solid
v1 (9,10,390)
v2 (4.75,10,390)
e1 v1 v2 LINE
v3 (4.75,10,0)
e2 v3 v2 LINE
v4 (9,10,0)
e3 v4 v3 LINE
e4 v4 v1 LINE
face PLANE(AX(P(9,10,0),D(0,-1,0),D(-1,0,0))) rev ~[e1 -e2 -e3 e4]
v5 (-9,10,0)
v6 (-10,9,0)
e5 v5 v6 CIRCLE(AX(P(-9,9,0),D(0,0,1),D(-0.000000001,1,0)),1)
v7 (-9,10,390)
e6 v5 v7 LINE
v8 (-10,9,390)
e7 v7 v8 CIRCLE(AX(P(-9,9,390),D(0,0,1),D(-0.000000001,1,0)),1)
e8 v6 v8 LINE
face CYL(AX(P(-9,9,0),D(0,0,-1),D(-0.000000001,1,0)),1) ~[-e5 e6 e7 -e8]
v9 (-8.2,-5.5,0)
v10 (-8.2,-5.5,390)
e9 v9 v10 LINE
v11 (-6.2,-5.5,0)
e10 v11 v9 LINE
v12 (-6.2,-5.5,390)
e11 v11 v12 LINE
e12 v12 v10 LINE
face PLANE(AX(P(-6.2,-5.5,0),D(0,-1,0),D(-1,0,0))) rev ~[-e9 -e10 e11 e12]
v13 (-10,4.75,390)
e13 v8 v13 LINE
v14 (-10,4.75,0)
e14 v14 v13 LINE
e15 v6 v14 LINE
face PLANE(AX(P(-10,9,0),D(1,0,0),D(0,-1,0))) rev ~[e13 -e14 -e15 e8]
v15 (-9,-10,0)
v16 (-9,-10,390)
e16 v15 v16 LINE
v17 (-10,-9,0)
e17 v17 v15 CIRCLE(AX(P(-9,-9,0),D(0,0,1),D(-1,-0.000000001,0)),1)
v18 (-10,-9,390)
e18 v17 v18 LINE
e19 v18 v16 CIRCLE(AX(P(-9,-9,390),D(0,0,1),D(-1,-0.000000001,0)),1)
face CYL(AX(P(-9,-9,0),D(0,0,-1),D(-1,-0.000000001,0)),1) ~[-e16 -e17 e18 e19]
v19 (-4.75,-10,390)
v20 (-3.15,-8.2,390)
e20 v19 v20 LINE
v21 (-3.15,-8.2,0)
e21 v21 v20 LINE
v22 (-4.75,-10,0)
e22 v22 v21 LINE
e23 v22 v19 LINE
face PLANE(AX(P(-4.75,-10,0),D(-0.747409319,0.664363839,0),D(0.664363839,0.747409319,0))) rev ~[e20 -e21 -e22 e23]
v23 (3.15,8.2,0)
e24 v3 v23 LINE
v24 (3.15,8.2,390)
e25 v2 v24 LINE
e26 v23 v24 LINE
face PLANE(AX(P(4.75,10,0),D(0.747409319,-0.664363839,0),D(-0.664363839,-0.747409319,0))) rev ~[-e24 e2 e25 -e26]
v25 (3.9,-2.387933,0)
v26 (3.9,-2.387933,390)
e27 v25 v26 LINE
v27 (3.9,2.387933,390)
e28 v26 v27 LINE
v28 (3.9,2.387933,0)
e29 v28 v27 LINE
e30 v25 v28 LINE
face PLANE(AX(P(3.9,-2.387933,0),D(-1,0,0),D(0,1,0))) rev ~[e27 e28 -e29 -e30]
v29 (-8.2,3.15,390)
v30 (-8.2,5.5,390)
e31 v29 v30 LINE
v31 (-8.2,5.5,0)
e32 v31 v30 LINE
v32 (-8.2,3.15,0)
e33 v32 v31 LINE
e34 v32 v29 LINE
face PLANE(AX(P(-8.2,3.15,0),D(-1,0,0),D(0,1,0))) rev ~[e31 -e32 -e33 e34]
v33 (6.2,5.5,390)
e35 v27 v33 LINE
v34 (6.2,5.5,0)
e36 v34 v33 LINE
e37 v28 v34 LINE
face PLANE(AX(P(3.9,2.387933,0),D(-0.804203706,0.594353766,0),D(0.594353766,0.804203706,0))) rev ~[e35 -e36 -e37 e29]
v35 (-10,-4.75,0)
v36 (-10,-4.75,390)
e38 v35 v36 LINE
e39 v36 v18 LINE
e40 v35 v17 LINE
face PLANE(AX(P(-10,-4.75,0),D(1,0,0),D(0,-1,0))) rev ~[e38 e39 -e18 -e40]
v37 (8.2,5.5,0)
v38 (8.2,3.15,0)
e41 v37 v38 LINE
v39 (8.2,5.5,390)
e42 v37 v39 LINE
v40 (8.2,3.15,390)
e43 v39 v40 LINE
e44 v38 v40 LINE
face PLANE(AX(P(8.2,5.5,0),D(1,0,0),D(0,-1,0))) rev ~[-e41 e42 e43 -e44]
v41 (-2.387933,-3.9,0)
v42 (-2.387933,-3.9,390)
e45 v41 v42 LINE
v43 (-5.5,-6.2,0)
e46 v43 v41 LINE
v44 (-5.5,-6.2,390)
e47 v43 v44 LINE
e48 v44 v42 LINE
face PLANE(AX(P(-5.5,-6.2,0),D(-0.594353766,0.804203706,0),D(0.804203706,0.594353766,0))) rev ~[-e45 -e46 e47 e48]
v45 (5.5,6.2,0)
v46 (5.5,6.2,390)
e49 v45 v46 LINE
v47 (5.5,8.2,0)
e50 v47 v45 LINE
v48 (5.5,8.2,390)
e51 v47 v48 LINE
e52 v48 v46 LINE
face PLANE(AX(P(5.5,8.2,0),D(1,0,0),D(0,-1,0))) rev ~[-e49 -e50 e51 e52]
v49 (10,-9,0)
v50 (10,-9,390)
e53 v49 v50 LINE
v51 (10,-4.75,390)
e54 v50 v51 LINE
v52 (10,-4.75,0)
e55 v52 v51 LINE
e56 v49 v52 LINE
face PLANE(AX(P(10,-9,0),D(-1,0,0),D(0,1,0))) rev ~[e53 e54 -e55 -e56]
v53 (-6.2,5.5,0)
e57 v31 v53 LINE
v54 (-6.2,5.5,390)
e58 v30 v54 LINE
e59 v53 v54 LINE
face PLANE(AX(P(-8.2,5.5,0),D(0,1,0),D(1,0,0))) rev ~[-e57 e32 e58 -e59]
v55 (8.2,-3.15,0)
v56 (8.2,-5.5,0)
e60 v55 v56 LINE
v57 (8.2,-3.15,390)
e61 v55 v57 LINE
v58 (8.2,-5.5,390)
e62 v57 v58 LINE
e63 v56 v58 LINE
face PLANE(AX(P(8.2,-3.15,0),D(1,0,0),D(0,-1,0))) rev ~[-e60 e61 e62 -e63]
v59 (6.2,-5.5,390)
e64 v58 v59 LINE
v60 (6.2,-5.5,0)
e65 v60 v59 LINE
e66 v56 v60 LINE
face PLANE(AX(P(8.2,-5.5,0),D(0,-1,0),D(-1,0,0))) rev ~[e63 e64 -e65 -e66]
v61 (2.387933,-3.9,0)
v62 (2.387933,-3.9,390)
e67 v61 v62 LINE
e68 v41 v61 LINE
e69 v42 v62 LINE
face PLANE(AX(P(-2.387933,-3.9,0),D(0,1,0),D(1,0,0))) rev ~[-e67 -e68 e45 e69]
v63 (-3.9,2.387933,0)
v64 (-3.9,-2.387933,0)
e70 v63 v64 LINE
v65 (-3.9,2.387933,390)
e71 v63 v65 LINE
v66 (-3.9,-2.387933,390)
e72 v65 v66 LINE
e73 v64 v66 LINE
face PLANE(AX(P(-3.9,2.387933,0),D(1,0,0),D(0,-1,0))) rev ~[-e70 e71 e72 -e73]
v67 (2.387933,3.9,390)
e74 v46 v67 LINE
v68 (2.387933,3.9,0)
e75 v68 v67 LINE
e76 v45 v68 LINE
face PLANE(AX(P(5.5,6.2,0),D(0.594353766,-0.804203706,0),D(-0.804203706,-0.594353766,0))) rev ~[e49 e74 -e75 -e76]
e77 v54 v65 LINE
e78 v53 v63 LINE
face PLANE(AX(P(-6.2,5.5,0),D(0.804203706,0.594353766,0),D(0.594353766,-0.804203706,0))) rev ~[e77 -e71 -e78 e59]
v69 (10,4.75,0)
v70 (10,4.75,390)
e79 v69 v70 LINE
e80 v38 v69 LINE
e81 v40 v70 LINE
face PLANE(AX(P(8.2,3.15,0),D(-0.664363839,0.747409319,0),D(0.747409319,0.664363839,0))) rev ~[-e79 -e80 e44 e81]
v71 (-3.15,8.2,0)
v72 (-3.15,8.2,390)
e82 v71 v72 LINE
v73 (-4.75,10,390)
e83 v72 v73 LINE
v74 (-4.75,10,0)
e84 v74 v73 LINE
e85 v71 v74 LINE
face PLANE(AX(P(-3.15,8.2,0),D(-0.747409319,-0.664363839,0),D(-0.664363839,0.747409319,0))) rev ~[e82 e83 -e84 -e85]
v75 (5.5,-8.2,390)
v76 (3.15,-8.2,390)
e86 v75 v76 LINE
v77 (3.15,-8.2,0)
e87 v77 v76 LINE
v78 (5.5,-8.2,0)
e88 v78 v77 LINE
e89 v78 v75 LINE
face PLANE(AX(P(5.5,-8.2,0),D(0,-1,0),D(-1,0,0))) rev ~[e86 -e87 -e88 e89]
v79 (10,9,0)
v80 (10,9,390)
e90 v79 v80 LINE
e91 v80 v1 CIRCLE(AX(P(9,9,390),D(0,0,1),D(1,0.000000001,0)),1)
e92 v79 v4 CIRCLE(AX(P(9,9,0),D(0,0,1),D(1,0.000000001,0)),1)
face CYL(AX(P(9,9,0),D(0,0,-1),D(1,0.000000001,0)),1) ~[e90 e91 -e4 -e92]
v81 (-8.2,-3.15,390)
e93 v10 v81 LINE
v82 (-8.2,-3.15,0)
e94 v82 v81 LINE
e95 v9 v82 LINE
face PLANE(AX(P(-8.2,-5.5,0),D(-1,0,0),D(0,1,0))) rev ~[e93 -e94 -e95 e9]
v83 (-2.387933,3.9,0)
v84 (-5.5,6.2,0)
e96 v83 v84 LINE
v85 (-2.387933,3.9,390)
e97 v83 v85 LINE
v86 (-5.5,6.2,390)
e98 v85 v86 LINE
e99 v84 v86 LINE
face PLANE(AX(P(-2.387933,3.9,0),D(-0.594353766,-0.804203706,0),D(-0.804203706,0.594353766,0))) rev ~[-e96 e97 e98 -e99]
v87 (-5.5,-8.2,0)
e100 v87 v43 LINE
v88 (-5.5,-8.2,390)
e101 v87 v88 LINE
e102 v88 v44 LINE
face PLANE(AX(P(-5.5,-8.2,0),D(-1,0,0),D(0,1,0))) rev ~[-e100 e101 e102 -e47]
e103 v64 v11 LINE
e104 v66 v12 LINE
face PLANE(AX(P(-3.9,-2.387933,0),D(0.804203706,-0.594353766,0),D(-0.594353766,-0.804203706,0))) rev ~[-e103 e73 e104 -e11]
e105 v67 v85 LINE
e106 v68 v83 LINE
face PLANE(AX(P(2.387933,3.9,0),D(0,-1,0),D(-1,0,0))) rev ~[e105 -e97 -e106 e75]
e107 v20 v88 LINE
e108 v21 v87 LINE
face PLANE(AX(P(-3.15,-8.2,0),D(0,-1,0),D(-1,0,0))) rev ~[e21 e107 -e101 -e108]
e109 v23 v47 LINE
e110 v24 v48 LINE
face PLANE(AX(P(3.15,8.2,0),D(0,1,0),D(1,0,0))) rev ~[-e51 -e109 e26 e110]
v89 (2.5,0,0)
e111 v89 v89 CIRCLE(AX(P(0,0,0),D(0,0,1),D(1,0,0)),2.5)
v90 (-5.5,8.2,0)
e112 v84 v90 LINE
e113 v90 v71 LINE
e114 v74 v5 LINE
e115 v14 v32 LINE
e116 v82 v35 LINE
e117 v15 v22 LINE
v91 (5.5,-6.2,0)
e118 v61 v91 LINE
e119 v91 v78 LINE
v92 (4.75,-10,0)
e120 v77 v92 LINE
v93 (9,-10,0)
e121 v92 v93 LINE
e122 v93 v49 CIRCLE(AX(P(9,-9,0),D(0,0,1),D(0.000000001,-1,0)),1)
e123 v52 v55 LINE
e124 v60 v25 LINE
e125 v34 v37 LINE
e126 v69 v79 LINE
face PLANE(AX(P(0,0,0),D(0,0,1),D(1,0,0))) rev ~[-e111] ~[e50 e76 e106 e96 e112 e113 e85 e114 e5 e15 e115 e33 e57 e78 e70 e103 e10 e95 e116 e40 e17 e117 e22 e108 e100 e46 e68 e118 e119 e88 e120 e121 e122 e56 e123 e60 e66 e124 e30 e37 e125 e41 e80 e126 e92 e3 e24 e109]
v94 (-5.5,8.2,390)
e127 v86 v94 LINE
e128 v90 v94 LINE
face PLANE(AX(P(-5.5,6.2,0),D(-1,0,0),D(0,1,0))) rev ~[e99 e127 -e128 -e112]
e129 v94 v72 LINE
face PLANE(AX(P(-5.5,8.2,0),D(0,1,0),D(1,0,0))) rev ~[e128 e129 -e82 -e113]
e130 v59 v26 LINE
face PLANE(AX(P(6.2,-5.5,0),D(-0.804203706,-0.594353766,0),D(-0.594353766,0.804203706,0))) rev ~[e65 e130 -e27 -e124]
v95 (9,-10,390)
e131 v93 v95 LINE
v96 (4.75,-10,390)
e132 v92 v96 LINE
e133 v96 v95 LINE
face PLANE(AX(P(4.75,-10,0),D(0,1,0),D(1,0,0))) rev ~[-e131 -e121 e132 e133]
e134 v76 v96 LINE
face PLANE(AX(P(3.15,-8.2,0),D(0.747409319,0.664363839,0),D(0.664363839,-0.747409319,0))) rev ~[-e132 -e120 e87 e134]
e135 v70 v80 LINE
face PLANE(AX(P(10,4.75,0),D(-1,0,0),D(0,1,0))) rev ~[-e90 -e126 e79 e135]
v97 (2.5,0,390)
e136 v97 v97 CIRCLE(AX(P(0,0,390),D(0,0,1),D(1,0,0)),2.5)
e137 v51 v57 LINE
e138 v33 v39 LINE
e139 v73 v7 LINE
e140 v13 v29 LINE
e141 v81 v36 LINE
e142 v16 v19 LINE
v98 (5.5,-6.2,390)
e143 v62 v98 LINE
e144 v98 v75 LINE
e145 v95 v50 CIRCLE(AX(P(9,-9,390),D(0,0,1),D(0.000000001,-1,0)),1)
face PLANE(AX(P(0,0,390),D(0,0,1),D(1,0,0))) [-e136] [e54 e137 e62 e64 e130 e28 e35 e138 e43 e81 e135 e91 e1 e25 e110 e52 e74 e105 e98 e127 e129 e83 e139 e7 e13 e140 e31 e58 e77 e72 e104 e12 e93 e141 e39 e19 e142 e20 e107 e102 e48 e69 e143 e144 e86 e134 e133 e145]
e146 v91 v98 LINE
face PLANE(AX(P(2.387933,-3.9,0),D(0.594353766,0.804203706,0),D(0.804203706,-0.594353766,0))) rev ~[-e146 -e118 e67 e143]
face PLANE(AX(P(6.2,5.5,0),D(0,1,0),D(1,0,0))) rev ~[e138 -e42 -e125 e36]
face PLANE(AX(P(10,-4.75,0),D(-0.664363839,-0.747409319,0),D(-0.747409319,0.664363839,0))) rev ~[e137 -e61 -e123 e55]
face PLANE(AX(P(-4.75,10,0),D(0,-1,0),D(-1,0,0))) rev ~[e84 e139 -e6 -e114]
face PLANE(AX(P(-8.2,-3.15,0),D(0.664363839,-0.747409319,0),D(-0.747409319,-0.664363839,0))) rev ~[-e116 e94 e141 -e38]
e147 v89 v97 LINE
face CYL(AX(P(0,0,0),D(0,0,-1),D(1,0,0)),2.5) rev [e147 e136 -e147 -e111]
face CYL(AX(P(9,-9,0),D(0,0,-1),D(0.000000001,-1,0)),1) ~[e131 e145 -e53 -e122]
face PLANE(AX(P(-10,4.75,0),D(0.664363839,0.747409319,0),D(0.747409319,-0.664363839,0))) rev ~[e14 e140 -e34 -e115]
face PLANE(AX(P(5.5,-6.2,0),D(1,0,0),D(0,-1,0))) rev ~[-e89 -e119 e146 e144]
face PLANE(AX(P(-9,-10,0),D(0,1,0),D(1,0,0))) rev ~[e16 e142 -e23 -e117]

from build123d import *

# Parameters (mm, degrees)
SKETCH1_R           = 2.5
BOSS_EXTRUDE1_DEPTH = 390


with BuildPart() as part:
    # Sketch1 → Boss-Extrude1 (new body)
    with BuildSketch(Plane.XY):
        with BuildLine():
            Line((-5.5, 8.2), (-3.15, 8.2))
            Line((-3.15, 8.2), (-4.75, 10))
            Line((-4.75, 10), (-9, 10))
            ThreePointArc((-9, 10), (-9.707106781, 9.707106781), (-10, 9))
            Line((-10, 9), (-10, 4.75))
            Line((-10, 4.75), (-8.2, 3.15))
            Line((-8.2, 3.15), (-8.2, 5.5))
            Line((-8.2, 5.5), (-6.2, 5.5))
            Line((-6.2, 5.5), (-3.9, 2.387933369))
            Line((-3.9, 2.387933369), (-3.9, -2.387933369))
            Line((-3.9, -2.387933369), (-6.2, -5.5))
            Line((-6.2, -5.5), (-8.2, -5.5))
            Line((-8.2, -5.5), (-8.2, -3.15))
            Line((-8.2, -3.15), (-10, -4.75))
            Line((-10, -4.75), (-10, -9))
            ThreePointArc((-10, -9), (-9.707106781, -9.707106781), (-9, -10))
            Line((-9, -10), (-4.75, -10))
            Line((-4.75, -10), (-3.15, -8.2))
            Line((-3.15, -8.2), (-5.5, -8.2))
            Line((-5.5, -8.2), (-5.5, -6.2))
            Line((-5.5, -6.2), (-2.387933369, -3.9))
            Line((-2.387933369, -3.9), (2.387933369, -3.9))
            Line((2.387933369, -3.9), (5.5, -6.2))
            Line((5.5, -6.2), (5.5, -8.2))
            Line((5.5, -8.2), (3.15, -8.2))
            Line((3.15, -8.2), (4.75, -10))
            Line((4.75, -10), (9, -10))
            ThreePointArc((9, -10), (9.707106781, -9.707106781), (10, -9))
            Line((10, -9), (10, -4.75))
            Line((10, -4.75), (8.2, -3.15))
            Line((8.2, -3.15), (8.2, -5.5))
            Line((8.2, -5.5), (6.2, -5.5))
            Line((6.2, -5.5), (3.9, -2.387933369))
            Line((3.9, -2.387933369), (3.9, 2.387933369))
            Line((3.9, 2.387933369), (6.2, 5.5))
            Line((6.2, 5.5), (8.2, 5.5))
            Line((8.2, 5.5), (8.2, 3.15))
            Line((8.2, 3.15), (10, 4.75))
            Line((10, 4.75), (10, 9))
            ThreePointArc((10, 9), (9.707106781, 9.707106781), (9, 10))
            Line((9, 10), (4.75, 10))
            Line((4.75, 10), (3.15, 8.2))
            Line((3.15, 8.2), (5.5, 8.2))
            Line((5.5, 8.2), (5.5, 6.2))
            Line((5.5, 6.2), (2.387933369, 3.9))
            Line((2.387933369, 3.9), (-2.387933369, 3.9))
            Line((-2.387933369, 3.9), (-5.5, 6.2))
            Line((-5.5, 6.2), (-5.5, 8.2))
        make_face()
        Circle(SKETCH1_R, mode=Mode.SUBTRACT)
    extrude(amount=BOSS_EXTRUDE1_DEPTH)


solid = part.part
